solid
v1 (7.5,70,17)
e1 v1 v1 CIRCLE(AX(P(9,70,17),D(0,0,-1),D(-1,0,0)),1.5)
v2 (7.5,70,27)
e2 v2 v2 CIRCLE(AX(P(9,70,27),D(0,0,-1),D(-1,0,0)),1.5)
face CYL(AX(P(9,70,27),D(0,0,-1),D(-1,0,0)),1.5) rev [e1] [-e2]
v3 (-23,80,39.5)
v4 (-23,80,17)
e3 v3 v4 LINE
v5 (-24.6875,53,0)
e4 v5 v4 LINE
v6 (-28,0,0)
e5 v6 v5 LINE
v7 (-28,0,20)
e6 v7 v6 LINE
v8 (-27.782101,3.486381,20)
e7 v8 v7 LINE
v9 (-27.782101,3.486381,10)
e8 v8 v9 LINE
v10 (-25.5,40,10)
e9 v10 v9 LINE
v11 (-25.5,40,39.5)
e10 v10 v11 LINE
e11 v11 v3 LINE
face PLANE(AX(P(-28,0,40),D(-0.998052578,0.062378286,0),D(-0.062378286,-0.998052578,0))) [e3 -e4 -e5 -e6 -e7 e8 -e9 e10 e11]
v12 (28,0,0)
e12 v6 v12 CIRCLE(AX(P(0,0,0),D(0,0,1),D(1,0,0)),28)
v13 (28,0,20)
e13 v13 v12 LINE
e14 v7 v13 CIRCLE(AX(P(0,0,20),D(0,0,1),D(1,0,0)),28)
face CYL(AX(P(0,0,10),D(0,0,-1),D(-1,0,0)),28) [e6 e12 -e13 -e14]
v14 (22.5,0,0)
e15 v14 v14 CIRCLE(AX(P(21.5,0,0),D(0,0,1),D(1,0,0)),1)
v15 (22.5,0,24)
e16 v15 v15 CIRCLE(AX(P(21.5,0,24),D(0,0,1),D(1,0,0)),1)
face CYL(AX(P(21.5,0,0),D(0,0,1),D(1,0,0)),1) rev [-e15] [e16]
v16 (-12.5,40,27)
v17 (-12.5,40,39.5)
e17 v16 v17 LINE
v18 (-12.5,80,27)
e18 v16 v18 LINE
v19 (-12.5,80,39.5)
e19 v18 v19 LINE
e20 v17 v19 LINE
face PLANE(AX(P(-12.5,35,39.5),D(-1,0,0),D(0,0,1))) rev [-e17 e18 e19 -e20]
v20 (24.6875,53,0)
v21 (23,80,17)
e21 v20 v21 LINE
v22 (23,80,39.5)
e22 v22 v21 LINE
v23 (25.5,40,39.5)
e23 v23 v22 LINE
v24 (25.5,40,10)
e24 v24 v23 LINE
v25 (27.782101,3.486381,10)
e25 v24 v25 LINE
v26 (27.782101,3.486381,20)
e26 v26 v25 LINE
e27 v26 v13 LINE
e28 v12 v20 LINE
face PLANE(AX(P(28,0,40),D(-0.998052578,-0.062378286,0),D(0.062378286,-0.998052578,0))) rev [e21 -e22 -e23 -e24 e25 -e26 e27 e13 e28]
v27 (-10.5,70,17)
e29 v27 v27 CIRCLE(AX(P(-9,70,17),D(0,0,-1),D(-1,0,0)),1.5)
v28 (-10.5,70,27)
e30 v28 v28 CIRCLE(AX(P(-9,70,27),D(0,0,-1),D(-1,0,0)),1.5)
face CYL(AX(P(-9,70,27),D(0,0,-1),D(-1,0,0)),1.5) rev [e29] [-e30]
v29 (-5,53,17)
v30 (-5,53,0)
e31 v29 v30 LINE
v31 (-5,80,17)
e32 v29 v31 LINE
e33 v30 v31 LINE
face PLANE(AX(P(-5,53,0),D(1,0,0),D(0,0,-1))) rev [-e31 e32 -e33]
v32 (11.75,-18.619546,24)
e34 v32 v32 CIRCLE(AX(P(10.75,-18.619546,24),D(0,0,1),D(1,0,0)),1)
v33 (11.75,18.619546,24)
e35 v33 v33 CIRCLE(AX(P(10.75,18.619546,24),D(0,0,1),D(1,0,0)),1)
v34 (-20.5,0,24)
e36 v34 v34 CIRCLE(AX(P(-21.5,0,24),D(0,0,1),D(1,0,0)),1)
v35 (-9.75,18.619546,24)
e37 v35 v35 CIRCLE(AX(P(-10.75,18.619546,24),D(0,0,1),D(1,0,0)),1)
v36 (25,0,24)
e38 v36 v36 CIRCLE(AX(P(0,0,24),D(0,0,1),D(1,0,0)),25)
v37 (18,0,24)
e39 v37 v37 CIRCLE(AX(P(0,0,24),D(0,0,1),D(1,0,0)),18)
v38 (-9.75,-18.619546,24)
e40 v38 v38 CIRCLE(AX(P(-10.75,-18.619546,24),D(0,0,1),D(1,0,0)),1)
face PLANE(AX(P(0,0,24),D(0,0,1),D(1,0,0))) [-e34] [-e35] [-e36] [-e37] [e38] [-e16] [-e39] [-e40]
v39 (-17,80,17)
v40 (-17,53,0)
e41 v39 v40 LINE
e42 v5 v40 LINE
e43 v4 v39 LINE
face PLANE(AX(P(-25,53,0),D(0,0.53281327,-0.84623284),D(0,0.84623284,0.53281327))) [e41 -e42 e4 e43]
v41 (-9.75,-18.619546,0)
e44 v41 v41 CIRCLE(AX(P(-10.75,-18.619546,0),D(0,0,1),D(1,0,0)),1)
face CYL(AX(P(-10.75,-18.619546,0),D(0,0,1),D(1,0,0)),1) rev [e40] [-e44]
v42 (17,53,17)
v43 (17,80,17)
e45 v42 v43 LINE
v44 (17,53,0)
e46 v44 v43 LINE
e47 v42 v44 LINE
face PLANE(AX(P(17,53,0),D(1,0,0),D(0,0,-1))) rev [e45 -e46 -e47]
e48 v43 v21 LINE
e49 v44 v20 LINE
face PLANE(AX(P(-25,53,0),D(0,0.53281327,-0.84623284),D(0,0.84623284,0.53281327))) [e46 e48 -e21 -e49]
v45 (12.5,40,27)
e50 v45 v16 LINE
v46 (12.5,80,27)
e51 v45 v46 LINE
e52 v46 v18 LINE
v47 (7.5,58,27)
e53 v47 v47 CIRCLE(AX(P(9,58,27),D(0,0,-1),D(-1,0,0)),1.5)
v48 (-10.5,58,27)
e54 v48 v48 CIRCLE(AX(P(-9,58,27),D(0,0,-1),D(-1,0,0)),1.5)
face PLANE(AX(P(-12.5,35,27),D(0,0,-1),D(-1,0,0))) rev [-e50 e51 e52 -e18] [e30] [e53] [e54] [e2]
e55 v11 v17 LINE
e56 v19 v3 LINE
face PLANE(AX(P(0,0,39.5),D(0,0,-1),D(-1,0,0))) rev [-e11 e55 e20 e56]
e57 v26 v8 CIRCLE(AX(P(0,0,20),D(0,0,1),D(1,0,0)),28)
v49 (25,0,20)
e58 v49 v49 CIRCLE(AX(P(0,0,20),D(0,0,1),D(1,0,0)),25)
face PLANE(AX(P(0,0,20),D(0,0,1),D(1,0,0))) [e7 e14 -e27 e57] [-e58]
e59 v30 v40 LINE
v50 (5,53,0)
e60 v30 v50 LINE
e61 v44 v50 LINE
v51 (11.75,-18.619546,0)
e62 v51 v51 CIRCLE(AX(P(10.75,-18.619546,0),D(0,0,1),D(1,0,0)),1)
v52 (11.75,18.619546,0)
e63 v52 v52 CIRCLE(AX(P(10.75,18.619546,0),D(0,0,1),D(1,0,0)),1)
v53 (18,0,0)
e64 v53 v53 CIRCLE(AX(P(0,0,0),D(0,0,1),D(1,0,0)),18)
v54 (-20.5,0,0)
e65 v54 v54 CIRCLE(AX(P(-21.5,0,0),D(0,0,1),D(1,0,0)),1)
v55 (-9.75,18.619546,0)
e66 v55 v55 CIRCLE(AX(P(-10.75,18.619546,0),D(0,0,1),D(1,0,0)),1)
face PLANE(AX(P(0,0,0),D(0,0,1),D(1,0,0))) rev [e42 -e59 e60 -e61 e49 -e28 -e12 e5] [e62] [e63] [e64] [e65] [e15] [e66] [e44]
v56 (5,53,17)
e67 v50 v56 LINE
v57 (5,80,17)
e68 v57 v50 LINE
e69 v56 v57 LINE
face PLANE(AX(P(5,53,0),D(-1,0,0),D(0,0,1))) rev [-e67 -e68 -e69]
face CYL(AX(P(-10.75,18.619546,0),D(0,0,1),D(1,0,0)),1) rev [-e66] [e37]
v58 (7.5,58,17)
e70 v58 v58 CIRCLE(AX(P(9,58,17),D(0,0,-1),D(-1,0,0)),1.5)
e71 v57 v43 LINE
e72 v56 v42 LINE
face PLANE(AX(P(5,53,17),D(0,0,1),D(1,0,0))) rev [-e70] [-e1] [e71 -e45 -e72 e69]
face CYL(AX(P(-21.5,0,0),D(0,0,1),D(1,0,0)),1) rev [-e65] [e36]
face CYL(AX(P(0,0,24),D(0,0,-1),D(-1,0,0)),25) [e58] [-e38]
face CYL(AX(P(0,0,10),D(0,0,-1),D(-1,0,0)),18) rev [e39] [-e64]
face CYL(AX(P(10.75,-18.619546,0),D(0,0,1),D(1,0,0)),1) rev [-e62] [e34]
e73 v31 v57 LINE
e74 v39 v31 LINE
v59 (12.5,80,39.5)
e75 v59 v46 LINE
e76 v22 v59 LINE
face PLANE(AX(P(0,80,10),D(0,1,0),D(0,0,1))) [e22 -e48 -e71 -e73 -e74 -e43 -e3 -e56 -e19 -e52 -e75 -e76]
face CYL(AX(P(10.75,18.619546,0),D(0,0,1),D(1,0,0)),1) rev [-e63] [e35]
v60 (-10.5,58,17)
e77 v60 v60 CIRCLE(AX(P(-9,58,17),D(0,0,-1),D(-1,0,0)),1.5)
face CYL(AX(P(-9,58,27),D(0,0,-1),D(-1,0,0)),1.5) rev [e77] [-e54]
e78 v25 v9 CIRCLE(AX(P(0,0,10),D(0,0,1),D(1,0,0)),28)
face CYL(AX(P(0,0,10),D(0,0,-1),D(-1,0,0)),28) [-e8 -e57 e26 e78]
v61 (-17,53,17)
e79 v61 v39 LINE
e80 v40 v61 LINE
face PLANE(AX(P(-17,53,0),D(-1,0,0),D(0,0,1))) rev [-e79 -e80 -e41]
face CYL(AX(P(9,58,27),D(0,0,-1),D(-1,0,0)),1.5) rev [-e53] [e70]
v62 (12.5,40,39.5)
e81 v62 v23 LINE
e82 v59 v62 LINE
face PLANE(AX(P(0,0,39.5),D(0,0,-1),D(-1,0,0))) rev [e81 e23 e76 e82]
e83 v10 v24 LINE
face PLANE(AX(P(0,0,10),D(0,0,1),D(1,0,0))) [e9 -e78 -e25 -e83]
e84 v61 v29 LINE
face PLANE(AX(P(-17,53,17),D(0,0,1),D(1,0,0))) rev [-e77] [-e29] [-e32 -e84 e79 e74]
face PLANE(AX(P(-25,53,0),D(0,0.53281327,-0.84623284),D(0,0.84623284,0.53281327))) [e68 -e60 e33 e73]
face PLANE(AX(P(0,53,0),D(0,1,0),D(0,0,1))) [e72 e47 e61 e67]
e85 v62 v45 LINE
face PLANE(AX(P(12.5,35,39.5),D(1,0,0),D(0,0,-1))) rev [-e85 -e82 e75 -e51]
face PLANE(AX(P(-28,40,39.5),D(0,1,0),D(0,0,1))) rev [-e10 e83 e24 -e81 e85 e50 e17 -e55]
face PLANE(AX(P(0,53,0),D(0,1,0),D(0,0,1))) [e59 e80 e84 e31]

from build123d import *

# Parameters (mm, degrees)
SKETCH1_R               = 28
SKETCH1_R_2             = 18
BOSS_EXTRUDE1_DEPTH     = 10
SKETCH5_R               = 28
SKETCH5_R_2             = 18
BOSS_EXTRUDE6_DEPTH     = 10
SKETCH6_R               = 25
SKETCH6_R_2             = 18
BOSS_EXTRUDE7_DEPTH     = 4
SKETCH7_R               = 1
CUT_EXTRUDE1_DEPTH      = 24
SKETCH8_W               = 56
SKETCH8_H               = 40
BOSS_EXTRUDE8_DEPTH     = 29.5
SKETCH9_W               = 25
SKETCH9_H               = 12.5
CUT_EXTRUDE2_DEPTH      = 45
SKETCH10_W              = 12
SKETCH10_H              = 17
CUT_EXTRUDE3_DEPTH      = 27
CUT_EXTRUDE4_DEPTH      = 42
CUT_EXTRUDE4_DEPTH_BACK = 16
CUT_EXTRUDE5_DEPTH      = 40
SKETCH14_R              = 1.5
CUT_EXTRUDE6_DEPTH      = 10


with BuildPart() as part:
    # Sketch1 → Boss-Extrude1 (new body)
    # profile 1 of 2: a face of its own
    with BuildSketch(Plane.XY):
        Circle(SKETCH1_R)
        Circle(SKETCH1_R_2, mode=Mode.SUBTRACT)
    # profile 2 of 2: a face of its own
    with BuildSketch(Plane.XY):
        with BuildLine():
            Line((-28, 80), (28, 80))
            Line((28, 80), (28, 0))
            ThreePointArc((28, 0), (0, 28), (-28, 0))
            Line((-28, 0), (-28, 80))
        make_face()
    extrude(amount=BOSS_EXTRUDE1_DEPTH)

    # Sketch5 → Boss-Extrude6 (add)
    with BuildSketch(Plane.XY.offset(10)):
        Circle(SKETCH5_R)
        Circle(SKETCH5_R_2, mode=Mode.SUBTRACT)
    extrude(amount=BOSS_EXTRUDE6_DEPTH)

    # Sketch6 → Boss-Extrude7 (add)
    with BuildSketch(Plane.XY.offset(20)):
        Circle(SKETCH6_R)
        Circle(SKETCH6_R_2, mode=Mode.SUBTRACT)
    extrude(amount=BOSS_EXTRUDE7_DEPTH)

    # Sketch7 → Cut-Extrude1 (cut)
    with BuildSketch(Plane.XY.offset(24)):
        with Locations((-10.75, 18.619546181)):
            Circle(SKETCH7_R)
        with Locations((10.75, 18.619546181)):
            Circle(SKETCH7_R)
        with Locations((21.5, 0)):
            Circle(SKETCH7_R)
        with Locations((10.75, -18.619546181)):
            Circle(SKETCH7_R)
        with Locations((-10.75, -18.619546181)):
            Circle(SKETCH7_R)
        with Locations((-21.5, 0)):
            Circle(SKETCH7_R)
    extrude(amount=-CUT_EXTRUDE1_DEPTH, mode=Mode.SUBTRACT)

    # Sketch8 → Boss-Extrude8 (add)
    with BuildSketch(Plane.XY.offset(10)):
        with Locations((0, 60)):
            Rectangle(SKETCH8_W, SKETCH8_H)
    extrude(amount=BOSS_EXTRUDE8_DEPTH)

    # Sketch9 → Cut-Extrude2 (cut)
    with BuildSketch(Plane(origin=(0, 80, 0), x_dir=(1, 0, 0), z_dir=(0, 1, 0))):
        with Locations((0, -33.25)):
            Rectangle(SKETCH9_W, SKETCH9_H)
    extrude(amount=-CUT_EXTRUDE2_DEPTH, mode=Mode.SUBTRACT)

    # Sketch10 → Cut-Extrude3 (cut)
    with BuildSketch(Plane(origin=(0, 80, 0), x_dir=(1, 0, 0), z_dir=(0, 1, 0))):
        with Locations((11, -8.5)):
            Rectangle(SKETCH10_W, SKETCH10_H)
        with Locations((-11, -8.5)):
            Rectangle(SKETCH10_W, SKETCH10_H)
    extrude(amount=-CUT_EXTRUDE3_DEPTH, mode=Mode.SUBTRACT)

    # Sketch11 → Cut-Extrude4 (cut, two sides: drawn at the far end of the back side and taken through both)
    with BuildSketch(Plane.ZY.offset(-17).offset(-CUT_EXTRUDE4_DEPTH_BACK)):
        Polygon((0, 53), (17, 80), (0, 80), align=None)
    extrude(amount=CUT_EXTRUDE4_DEPTH + CUT_EXTRUDE4_DEPTH_BACK, mode=Mode.SUBTRACT)

    # Sketch13 → Cut-Extrude5 (cut)
    with BuildSketch(Plane(origin=(0, 0, 0), x_dir=(-1, 0, 0), z_dir=(0, 0, -1))):
        Polygon((28, 80), (28, 0), (23, 80), align=None)
    cut_extrude5 = extrude(amount=-CUT_EXTRUDE5_DEPTH, mode=Mode.SUBTRACT)

    # Mirror1: Cut-Extrude5 across plane
    add(cut_extrude5.mirror(Plane(origin=(0, 0, 0), x_dir=(0, 0, 1), z_dir=(1, 0, 0))), mode=Mode.SUBTRACT)

    # Sketch14 → Cut-Extrude6 (cut)
    with BuildSketch(Plane(origin=(0, 0, 17), x_dir=(-1, 0, 0), z_dir=(0, 0, -1))):
        with Locations((-9, 70)):
            Circle(SKETCH14_R)
        with Locations((-9, 58)):
            Circle(SKETCH14_R)
        with Locations((9, 70)):
            Circle(SKETCH14_R)
        with Locations((9, 58)):
            Circle(SKETCH14_R)
    extrude(amount=-CUT_EXTRUDE6_DEPTH, mode=Mode.SUBTRACT)


solid = part.part
